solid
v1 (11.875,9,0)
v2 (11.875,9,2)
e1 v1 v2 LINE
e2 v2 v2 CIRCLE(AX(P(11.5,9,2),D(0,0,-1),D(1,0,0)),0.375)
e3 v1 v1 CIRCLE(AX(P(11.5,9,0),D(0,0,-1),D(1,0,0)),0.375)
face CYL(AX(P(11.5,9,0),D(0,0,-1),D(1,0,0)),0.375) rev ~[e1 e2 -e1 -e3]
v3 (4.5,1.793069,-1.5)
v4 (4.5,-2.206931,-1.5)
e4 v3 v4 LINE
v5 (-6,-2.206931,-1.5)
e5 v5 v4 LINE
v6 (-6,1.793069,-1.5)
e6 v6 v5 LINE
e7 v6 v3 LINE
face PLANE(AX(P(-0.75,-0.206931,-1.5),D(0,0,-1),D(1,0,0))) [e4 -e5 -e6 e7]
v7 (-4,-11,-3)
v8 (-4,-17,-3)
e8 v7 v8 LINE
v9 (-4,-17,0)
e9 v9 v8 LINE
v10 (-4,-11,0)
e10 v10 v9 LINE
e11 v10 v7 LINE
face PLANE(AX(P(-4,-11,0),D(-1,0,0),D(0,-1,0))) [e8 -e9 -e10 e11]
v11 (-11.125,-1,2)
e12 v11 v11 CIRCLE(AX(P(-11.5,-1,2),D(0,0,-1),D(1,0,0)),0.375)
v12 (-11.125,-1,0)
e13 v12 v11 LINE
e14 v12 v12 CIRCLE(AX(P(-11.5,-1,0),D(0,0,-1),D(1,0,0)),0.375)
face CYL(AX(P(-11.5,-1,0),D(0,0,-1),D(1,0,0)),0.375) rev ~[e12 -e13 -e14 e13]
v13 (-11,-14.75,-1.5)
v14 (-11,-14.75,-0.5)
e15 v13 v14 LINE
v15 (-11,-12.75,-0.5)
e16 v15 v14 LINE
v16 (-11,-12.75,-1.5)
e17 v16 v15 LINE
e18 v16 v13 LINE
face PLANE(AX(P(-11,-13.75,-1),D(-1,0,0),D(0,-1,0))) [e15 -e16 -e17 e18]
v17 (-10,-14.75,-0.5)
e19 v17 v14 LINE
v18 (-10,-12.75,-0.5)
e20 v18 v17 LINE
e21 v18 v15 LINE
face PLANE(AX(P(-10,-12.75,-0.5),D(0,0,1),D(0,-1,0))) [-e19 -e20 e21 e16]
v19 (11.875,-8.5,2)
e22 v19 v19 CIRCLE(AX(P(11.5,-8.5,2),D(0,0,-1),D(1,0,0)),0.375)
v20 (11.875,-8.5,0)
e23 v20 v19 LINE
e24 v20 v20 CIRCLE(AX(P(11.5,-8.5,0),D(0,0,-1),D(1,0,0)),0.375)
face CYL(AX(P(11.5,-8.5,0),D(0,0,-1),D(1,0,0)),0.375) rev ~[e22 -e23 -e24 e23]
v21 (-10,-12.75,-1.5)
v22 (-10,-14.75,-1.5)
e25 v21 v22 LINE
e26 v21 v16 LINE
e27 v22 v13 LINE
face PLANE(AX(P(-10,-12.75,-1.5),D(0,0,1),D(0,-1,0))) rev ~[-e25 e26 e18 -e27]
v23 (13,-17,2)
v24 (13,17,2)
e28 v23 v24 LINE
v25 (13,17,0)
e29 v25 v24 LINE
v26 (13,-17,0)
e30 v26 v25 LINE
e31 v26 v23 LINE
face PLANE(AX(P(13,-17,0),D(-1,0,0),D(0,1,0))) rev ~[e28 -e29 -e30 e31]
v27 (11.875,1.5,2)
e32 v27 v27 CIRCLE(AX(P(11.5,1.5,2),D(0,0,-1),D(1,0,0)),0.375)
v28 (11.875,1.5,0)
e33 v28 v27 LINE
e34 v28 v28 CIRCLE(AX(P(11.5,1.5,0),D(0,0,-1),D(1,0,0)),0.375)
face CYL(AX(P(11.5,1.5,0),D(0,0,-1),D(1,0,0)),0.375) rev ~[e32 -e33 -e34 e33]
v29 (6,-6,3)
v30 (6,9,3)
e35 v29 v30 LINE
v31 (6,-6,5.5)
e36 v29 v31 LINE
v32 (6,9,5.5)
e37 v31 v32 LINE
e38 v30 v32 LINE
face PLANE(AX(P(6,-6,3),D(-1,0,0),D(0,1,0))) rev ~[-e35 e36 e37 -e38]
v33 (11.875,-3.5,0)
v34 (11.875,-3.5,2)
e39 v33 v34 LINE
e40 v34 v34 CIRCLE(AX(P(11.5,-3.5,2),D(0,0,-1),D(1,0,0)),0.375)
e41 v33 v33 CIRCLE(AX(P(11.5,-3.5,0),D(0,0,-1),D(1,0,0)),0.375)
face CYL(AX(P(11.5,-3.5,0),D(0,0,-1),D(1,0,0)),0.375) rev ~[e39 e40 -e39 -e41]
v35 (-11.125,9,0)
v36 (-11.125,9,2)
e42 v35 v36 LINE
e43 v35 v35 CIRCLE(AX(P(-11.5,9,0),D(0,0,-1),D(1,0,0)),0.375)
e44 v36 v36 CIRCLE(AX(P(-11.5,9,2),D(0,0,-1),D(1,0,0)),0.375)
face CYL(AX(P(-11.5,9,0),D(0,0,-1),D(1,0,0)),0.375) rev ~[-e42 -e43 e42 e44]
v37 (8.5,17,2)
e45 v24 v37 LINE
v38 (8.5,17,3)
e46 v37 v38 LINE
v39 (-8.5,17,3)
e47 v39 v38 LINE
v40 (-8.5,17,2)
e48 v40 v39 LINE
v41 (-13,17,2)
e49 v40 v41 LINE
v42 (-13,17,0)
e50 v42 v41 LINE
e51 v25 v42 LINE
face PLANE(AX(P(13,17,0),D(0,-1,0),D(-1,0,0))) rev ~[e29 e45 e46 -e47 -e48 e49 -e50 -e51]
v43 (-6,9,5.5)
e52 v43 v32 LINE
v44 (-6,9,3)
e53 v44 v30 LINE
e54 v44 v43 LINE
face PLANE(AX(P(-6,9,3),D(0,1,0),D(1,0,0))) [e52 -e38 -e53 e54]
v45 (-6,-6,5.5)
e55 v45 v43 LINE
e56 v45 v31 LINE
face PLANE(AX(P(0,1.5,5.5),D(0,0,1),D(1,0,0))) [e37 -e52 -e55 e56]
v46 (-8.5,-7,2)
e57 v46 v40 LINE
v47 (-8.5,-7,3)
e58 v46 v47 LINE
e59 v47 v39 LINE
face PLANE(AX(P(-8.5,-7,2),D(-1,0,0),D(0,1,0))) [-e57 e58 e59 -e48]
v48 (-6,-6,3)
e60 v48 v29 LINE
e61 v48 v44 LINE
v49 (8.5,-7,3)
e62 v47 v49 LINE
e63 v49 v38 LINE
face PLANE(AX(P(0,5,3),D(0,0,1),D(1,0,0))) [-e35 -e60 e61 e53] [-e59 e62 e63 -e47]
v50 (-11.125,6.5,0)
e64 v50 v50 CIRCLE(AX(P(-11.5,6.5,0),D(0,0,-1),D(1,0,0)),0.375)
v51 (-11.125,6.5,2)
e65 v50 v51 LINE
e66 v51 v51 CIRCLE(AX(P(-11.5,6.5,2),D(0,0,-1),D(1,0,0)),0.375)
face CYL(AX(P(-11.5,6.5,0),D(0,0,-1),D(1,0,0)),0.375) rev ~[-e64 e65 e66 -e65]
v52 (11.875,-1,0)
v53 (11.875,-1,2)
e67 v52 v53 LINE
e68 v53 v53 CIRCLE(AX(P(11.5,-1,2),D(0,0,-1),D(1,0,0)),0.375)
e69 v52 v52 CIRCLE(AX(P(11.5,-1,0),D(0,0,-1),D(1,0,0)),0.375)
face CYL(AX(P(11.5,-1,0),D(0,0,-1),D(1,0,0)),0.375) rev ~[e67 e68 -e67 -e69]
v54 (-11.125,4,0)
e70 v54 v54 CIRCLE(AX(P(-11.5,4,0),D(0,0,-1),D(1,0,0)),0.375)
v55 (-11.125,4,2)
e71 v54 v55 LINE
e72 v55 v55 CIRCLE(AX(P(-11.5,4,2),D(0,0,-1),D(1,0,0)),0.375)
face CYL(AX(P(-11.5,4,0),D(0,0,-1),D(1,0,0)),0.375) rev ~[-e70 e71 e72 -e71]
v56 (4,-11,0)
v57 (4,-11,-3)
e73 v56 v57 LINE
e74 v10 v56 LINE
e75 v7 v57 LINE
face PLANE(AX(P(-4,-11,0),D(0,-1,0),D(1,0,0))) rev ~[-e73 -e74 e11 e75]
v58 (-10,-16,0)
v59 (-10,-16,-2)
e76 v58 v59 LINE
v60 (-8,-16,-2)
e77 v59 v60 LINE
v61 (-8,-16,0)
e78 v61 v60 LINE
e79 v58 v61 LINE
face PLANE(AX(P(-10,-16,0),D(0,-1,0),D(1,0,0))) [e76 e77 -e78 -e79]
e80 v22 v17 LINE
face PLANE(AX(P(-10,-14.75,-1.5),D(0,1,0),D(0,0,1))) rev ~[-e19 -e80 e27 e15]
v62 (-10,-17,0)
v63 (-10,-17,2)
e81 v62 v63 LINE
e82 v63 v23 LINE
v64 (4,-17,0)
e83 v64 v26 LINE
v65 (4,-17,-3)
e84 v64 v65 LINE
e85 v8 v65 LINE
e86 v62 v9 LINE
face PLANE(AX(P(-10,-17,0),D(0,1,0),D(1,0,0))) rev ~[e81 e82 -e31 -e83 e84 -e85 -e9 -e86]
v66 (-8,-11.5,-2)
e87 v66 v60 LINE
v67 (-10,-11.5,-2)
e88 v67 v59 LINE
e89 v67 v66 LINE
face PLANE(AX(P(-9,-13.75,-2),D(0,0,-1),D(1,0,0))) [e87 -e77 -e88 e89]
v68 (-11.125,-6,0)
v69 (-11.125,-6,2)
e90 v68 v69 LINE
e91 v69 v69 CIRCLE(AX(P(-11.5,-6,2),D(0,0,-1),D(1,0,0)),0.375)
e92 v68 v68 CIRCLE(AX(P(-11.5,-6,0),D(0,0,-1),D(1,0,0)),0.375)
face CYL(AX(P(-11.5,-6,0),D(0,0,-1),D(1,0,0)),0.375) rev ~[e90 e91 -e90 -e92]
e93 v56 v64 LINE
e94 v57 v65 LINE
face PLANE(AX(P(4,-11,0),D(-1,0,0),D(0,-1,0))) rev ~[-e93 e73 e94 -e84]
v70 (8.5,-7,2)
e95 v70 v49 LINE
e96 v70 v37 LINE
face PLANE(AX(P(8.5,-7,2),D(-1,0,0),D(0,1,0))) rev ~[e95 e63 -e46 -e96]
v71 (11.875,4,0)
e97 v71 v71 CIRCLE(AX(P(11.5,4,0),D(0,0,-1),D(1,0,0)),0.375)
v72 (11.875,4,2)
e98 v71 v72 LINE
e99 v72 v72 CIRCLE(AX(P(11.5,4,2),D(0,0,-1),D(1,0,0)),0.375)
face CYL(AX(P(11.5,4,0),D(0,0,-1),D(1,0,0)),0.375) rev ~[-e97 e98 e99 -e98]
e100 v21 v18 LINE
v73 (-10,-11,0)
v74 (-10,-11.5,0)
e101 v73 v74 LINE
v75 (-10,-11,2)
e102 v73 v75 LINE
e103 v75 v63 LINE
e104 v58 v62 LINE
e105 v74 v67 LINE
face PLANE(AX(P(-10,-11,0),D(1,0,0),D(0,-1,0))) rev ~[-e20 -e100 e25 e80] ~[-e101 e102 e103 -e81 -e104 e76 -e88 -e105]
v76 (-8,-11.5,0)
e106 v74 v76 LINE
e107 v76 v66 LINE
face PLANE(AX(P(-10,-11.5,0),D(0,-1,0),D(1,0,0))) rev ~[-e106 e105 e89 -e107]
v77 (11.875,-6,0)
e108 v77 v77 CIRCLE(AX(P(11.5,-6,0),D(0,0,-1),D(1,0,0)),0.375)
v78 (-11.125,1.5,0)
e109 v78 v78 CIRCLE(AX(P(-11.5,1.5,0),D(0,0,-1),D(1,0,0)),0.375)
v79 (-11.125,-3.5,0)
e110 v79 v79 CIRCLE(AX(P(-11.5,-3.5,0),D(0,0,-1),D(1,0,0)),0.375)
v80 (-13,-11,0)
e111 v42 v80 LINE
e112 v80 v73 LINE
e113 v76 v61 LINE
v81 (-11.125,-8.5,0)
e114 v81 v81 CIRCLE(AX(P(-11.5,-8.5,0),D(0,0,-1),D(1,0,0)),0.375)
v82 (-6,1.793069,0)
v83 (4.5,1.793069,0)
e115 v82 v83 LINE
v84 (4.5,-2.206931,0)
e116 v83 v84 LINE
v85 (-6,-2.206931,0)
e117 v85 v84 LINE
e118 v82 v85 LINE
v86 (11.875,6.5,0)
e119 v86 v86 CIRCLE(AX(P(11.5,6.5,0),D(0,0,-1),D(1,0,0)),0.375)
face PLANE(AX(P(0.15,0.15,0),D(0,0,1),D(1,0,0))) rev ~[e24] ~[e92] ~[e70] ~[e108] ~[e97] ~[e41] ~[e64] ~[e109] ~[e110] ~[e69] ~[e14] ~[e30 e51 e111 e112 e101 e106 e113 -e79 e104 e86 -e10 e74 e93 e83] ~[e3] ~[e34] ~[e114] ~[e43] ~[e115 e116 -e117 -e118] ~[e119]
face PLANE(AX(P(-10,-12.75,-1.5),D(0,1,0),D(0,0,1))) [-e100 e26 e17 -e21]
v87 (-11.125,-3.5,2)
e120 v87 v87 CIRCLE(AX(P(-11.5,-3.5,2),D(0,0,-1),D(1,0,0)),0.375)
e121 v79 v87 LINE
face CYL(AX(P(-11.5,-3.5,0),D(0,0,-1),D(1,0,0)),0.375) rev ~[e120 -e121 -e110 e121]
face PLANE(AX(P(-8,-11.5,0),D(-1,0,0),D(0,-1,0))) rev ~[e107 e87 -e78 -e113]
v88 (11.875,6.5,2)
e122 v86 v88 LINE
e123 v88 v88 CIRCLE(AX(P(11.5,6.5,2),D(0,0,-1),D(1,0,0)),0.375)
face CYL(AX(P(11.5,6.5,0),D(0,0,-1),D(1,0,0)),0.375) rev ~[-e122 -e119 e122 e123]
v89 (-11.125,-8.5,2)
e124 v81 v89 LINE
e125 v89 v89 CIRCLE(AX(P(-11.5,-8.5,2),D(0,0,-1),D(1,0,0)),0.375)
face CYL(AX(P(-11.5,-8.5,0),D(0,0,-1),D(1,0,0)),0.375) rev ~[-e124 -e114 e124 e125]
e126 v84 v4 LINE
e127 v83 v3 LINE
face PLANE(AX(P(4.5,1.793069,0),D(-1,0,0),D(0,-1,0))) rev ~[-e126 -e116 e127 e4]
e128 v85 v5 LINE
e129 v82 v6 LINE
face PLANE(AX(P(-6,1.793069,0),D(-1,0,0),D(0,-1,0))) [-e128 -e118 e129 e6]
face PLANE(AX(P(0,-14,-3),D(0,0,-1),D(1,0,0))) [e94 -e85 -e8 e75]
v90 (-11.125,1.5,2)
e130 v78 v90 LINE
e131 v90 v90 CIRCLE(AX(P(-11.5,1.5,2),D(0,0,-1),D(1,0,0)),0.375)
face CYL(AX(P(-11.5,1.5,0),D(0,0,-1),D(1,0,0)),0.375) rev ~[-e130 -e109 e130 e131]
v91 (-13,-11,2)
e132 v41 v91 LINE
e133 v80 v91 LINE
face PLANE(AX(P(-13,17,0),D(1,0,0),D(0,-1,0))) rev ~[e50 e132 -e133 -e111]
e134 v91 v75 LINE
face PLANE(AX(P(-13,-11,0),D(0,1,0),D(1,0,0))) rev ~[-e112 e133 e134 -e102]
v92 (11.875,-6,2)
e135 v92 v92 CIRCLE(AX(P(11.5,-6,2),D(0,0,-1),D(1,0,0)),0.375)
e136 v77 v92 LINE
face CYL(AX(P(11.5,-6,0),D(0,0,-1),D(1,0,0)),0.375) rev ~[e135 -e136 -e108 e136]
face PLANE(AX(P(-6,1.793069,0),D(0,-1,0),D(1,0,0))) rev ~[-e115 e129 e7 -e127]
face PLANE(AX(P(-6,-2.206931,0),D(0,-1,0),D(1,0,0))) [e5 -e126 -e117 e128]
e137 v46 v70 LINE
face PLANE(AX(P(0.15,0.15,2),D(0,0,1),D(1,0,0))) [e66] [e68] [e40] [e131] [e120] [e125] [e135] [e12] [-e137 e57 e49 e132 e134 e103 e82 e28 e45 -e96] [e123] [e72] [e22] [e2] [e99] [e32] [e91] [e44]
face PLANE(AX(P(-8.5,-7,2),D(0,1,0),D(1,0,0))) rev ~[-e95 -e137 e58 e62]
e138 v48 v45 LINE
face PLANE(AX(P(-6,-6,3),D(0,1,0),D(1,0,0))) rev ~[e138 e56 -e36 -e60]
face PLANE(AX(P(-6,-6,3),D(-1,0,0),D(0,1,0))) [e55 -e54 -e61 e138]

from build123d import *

# Parameters (mm, degrees)
F1_DEPTH  = 2
F2_W      = 17
F2_H      = 24
F3_DEPTH  = 1
F4_W      = 12
F4_H      = 15
F5_DEPTH  = 2.5
F6_W      = 8
F6_H      = 6
F7_DEPTH  = 3
F8_W      = 2
F8_H      = 4.5
F9_DEPTH  = 2
F10_W     = 2
F10_H     = 1
F11_DEPTH = 1
F12_W     = 10.5
F12_H     = 4
F13_DEPTH = 1.5
F14_R     = 0.375
F15_DEPTH = 25


with BuildPart() as f1:
    # F0 (on Top) → F1 (new body)
    with BuildSketch(Plane.XY):
        Polygon((13, 17), (-13, 17), (-13, -11), (-10, -11), (-10, -17), (13, -17), align=None)
    extrude(amount=F1_DEPTH)

    # F2 (on face) → F3 (join)
    with BuildSketch(Plane.XY.offset(2)):
        with Locations((0, 5)):
            Rectangle(F2_W, F2_H)
    extrude(amount=F3_DEPTH)

    # F4 (on face) → F5 (join)
    with BuildSketch(Plane.XY.offset(3)):
        with Locations((0, 1.5)):
            Rectangle(F4_W, F4_H)
    extrude(amount=F5_DEPTH)

    # F6 (on face) → F7 (join)
    with BuildSketch(Plane(origin=(0, 0, 0), x_dir=(1, 0, 0), z_dir=(0, 0, -1))):
        with Locations((0, 14)):
            Rectangle(F6_W, F6_H)
    extrude(amount=F7_DEPTH)

    # F8 (on face) → F9 (join)
    with BuildSketch(Plane(origin=(0, 0, 0), x_dir=(1, 0, 0), z_dir=(0, 0, -1))):
        with Locations((-9, 13.75)):
            Rectangle(F8_W, F8_H)
    extrude(amount=F9_DEPTH)

    # F10 (on face) → F11 (join)
    with BuildSketch(Plane(origin=(-10, 0, 0), x_dir=(0, -1, 0), z_dir=(-1, 0, 0))):
        with Locations((13.75, -1)):
            Rectangle(F10_W, F10_H)
    extrude(amount=F11_DEPTH)

    # F12 (on face) → F13 (join)
    with BuildSketch(Plane(origin=(0, 0, 0), x_dir=(1, 0, 0), z_dir=(0, 0, -1))):
        with Locations((-0.75, 0.206931)):
            Rectangle(F12_W, F12_H)
    extrude(amount=F13_DEPTH)

    # F14 (on face) → F15 (cut)
    with BuildSketch(Plane(origin=(0, 0, 0), x_dir=(1, 0, 0), z_dir=(0, 0, -1))):
        with Locations((-11.5, -9)):
            Circle(F14_R)
        with Locations((-11.5, -6.5)):
            Circle(F14_R)
        with Locations((-11.5, -4)):
            Circle(F14_R)
        with Locations((-11.5, -1.5)):
            Circle(F14_R)
        with Locations((-11.5, 1)):
            Circle(F14_R)
        with Locations((-11.5, 3.5)):
            Circle(F14_R)
        with Locations((-11.5, 6)):
            Circle(F14_R)
        with Locations((-11.5, 8.5)):
            Circle(F14_R)
        with Locations((11.5, -9)):
            Circle(F14_R)
        with Locations((11.5, -6.5)):
            Circle(F14_R)
        with Locations((11.5, -4)):
            Circle(F14_R)
        with Locations((11.5, -1.5)):
            Circle(F14_R)
        with Locations((11.5, 1)):
            Circle(F14_R)
        with Locations((11.5, 3.5)):
            Circle(F14_R)
        with Locations((11.5, 6)):
            Circle(F14_R)
        with Locations((11.5, 8.5)):
            Circle(F14_R)
    extrude(amount=-F15_DEPTH, mode=Mode.SUBTRACT)


solid = f1.part
